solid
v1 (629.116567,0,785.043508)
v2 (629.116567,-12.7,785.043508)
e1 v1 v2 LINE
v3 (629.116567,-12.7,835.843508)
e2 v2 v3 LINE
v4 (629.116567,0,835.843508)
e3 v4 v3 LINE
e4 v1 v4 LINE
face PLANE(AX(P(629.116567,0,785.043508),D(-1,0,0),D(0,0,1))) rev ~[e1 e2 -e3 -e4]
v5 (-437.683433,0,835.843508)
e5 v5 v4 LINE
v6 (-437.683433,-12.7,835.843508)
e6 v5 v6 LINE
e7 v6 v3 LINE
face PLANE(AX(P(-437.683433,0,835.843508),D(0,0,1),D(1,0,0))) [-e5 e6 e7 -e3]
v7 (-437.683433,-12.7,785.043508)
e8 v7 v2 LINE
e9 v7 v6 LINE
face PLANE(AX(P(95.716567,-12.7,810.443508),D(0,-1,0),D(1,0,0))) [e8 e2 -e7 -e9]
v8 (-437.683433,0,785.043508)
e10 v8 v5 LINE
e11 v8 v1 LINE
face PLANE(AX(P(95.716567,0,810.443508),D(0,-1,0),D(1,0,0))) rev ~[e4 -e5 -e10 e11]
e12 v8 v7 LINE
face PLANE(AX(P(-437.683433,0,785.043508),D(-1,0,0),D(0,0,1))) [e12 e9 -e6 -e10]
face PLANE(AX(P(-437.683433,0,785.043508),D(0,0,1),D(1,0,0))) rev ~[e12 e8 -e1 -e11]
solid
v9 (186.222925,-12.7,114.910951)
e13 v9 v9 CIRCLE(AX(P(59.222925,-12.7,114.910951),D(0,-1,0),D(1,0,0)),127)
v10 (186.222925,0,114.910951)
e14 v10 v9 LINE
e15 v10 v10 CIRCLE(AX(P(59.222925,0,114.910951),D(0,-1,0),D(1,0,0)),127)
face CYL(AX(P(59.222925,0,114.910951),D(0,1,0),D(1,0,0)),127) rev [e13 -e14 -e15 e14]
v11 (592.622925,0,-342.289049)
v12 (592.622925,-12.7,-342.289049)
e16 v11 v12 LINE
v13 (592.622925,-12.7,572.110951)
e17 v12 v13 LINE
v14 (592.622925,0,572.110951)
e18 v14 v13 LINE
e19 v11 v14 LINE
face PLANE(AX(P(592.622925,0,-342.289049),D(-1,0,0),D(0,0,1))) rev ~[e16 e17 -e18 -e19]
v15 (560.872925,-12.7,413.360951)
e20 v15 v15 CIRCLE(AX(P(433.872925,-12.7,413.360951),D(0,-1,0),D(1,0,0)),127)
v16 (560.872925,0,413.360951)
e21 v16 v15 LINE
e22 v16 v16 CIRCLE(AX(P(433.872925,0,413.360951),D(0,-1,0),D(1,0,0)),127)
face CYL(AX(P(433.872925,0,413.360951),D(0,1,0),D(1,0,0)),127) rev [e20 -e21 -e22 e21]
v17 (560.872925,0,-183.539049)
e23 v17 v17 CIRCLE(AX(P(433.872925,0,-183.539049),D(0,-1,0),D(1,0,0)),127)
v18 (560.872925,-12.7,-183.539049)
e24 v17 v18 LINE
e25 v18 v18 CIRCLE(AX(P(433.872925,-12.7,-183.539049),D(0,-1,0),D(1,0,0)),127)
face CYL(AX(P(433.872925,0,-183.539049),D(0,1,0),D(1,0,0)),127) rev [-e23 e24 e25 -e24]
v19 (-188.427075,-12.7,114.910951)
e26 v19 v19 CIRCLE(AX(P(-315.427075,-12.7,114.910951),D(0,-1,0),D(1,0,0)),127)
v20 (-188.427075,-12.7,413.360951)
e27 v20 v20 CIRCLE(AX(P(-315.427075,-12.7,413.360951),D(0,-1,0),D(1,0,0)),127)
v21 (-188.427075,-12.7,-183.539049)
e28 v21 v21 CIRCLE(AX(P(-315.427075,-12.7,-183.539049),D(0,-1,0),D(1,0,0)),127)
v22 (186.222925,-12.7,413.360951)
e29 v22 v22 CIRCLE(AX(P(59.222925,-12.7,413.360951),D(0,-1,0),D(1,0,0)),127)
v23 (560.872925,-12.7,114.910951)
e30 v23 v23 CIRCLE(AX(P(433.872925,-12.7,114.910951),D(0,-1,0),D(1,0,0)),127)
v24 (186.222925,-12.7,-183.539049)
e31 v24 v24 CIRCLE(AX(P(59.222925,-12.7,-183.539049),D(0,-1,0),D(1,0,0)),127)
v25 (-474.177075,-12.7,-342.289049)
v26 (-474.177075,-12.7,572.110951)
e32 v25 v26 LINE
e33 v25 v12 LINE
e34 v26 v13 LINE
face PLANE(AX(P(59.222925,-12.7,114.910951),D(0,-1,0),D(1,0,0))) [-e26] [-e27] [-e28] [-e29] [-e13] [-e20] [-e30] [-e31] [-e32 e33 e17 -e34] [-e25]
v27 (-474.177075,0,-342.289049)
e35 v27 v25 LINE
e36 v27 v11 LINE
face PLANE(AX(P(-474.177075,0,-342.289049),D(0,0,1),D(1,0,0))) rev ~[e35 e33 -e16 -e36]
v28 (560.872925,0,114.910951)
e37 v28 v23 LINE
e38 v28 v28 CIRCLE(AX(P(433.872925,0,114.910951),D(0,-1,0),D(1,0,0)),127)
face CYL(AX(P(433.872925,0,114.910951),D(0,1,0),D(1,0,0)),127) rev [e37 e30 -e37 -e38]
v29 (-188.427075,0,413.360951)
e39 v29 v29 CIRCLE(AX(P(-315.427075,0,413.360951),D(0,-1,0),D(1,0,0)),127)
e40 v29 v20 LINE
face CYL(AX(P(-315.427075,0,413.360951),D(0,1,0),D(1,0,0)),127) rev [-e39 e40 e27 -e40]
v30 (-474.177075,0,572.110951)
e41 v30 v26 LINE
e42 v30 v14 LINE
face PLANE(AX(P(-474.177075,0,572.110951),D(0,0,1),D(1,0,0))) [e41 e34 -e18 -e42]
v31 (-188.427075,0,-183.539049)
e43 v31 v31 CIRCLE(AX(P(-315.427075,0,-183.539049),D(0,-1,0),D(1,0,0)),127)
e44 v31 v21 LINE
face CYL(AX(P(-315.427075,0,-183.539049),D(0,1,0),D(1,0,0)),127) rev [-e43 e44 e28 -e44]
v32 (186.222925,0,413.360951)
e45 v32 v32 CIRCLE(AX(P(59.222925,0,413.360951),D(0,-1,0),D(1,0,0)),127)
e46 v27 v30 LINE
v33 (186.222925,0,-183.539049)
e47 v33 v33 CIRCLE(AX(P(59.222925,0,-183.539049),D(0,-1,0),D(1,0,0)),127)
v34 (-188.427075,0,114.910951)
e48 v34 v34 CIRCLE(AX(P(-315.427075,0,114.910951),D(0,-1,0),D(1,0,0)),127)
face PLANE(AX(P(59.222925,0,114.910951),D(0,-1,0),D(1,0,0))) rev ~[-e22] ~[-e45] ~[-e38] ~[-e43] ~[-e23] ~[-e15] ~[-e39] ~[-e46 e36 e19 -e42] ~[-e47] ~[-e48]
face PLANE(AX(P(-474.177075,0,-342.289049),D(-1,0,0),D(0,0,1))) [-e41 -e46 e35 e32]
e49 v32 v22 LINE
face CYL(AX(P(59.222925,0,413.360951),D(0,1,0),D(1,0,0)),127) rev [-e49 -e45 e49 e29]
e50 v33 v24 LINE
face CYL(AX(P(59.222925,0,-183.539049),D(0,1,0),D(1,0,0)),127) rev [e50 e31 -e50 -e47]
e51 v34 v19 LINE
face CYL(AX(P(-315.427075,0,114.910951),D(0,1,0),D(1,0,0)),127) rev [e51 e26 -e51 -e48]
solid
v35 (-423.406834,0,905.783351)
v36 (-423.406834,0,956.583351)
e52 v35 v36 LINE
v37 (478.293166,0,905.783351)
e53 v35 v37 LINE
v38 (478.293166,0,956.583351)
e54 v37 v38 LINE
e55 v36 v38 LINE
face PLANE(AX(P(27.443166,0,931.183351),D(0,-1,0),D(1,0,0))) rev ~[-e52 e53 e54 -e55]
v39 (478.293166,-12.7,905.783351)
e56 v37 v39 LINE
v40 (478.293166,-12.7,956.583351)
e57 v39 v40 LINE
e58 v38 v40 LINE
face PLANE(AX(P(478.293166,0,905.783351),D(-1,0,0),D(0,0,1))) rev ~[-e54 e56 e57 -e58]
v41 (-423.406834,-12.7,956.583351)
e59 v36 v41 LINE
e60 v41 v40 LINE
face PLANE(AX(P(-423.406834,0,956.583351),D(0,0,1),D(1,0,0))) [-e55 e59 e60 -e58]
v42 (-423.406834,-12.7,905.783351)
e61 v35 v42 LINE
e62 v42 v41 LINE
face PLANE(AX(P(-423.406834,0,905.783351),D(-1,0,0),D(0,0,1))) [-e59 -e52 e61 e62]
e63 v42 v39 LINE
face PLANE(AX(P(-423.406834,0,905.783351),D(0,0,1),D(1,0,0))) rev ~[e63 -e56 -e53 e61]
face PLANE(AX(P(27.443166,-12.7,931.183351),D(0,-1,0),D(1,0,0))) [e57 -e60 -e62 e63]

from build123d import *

# Parameters (mm, degrees)
F0_W     = 1066.8
F0_H     = 914.4
F0_R     = 127
F1_DEPTH = 12.7
F2_W     = 901.7
F2_H     = 50.8
F2_W_2   = 1066.8
F3_DEPTH = 12.7


with BuildPart() as f1:
    # F0 (on Front) → F1 (new body)
    with BuildSketch(Plane.XZ):
        with Locations((59.222925, 114.910951)):
            Rectangle(F0_W, F0_H)
        with Locations((-315.427075, -183.539049)):
            Circle(F0_R, mode=Mode.SUBTRACT)
        with Locations((-315.427075, 114.910951)):
            Circle(F0_R, mode=Mode.SUBTRACT)
        with Locations((59.222925, -183.539049)):
            Circle(F0_R, mode=Mode.SUBTRACT)
        with Locations((433.872925, -183.539049)):
            Circle(F0_R, mode=Mode.SUBTRACT)
        with Locations((433.872925, 114.910951)):
            Circle(F0_R, mode=Mode.SUBTRACT)
        with Locations((-315.427075, 413.360951)):
            Circle(F0_R, mode=Mode.SUBTRACT)
        with Locations((59.222925, 114.910951)):
            Circle(F0_R, mode=Mode.SUBTRACT)
        with Locations((59.222925, 413.360951)):
            Circle(F0_R, mode=Mode.SUBTRACT)
        with Locations((433.872925, 413.360951)):
            Circle(F0_R, mode=Mode.SUBTRACT)
    extrude(amount=F1_DEPTH)


with BuildPart() as f3:
    # F2 (on Front) → F3 (new body)
    with BuildSketch(Plane.XZ):
        with Locations((27.443166, 931.183351)):
            Rectangle(F2_W, F2_H)
        with Locations((95.716567, 810.443508)):
            Rectangle(F2_W_2, F2_H)
    extrude(amount=F3_DEPTH)


solid = Compound([f1.part, f3.part])
